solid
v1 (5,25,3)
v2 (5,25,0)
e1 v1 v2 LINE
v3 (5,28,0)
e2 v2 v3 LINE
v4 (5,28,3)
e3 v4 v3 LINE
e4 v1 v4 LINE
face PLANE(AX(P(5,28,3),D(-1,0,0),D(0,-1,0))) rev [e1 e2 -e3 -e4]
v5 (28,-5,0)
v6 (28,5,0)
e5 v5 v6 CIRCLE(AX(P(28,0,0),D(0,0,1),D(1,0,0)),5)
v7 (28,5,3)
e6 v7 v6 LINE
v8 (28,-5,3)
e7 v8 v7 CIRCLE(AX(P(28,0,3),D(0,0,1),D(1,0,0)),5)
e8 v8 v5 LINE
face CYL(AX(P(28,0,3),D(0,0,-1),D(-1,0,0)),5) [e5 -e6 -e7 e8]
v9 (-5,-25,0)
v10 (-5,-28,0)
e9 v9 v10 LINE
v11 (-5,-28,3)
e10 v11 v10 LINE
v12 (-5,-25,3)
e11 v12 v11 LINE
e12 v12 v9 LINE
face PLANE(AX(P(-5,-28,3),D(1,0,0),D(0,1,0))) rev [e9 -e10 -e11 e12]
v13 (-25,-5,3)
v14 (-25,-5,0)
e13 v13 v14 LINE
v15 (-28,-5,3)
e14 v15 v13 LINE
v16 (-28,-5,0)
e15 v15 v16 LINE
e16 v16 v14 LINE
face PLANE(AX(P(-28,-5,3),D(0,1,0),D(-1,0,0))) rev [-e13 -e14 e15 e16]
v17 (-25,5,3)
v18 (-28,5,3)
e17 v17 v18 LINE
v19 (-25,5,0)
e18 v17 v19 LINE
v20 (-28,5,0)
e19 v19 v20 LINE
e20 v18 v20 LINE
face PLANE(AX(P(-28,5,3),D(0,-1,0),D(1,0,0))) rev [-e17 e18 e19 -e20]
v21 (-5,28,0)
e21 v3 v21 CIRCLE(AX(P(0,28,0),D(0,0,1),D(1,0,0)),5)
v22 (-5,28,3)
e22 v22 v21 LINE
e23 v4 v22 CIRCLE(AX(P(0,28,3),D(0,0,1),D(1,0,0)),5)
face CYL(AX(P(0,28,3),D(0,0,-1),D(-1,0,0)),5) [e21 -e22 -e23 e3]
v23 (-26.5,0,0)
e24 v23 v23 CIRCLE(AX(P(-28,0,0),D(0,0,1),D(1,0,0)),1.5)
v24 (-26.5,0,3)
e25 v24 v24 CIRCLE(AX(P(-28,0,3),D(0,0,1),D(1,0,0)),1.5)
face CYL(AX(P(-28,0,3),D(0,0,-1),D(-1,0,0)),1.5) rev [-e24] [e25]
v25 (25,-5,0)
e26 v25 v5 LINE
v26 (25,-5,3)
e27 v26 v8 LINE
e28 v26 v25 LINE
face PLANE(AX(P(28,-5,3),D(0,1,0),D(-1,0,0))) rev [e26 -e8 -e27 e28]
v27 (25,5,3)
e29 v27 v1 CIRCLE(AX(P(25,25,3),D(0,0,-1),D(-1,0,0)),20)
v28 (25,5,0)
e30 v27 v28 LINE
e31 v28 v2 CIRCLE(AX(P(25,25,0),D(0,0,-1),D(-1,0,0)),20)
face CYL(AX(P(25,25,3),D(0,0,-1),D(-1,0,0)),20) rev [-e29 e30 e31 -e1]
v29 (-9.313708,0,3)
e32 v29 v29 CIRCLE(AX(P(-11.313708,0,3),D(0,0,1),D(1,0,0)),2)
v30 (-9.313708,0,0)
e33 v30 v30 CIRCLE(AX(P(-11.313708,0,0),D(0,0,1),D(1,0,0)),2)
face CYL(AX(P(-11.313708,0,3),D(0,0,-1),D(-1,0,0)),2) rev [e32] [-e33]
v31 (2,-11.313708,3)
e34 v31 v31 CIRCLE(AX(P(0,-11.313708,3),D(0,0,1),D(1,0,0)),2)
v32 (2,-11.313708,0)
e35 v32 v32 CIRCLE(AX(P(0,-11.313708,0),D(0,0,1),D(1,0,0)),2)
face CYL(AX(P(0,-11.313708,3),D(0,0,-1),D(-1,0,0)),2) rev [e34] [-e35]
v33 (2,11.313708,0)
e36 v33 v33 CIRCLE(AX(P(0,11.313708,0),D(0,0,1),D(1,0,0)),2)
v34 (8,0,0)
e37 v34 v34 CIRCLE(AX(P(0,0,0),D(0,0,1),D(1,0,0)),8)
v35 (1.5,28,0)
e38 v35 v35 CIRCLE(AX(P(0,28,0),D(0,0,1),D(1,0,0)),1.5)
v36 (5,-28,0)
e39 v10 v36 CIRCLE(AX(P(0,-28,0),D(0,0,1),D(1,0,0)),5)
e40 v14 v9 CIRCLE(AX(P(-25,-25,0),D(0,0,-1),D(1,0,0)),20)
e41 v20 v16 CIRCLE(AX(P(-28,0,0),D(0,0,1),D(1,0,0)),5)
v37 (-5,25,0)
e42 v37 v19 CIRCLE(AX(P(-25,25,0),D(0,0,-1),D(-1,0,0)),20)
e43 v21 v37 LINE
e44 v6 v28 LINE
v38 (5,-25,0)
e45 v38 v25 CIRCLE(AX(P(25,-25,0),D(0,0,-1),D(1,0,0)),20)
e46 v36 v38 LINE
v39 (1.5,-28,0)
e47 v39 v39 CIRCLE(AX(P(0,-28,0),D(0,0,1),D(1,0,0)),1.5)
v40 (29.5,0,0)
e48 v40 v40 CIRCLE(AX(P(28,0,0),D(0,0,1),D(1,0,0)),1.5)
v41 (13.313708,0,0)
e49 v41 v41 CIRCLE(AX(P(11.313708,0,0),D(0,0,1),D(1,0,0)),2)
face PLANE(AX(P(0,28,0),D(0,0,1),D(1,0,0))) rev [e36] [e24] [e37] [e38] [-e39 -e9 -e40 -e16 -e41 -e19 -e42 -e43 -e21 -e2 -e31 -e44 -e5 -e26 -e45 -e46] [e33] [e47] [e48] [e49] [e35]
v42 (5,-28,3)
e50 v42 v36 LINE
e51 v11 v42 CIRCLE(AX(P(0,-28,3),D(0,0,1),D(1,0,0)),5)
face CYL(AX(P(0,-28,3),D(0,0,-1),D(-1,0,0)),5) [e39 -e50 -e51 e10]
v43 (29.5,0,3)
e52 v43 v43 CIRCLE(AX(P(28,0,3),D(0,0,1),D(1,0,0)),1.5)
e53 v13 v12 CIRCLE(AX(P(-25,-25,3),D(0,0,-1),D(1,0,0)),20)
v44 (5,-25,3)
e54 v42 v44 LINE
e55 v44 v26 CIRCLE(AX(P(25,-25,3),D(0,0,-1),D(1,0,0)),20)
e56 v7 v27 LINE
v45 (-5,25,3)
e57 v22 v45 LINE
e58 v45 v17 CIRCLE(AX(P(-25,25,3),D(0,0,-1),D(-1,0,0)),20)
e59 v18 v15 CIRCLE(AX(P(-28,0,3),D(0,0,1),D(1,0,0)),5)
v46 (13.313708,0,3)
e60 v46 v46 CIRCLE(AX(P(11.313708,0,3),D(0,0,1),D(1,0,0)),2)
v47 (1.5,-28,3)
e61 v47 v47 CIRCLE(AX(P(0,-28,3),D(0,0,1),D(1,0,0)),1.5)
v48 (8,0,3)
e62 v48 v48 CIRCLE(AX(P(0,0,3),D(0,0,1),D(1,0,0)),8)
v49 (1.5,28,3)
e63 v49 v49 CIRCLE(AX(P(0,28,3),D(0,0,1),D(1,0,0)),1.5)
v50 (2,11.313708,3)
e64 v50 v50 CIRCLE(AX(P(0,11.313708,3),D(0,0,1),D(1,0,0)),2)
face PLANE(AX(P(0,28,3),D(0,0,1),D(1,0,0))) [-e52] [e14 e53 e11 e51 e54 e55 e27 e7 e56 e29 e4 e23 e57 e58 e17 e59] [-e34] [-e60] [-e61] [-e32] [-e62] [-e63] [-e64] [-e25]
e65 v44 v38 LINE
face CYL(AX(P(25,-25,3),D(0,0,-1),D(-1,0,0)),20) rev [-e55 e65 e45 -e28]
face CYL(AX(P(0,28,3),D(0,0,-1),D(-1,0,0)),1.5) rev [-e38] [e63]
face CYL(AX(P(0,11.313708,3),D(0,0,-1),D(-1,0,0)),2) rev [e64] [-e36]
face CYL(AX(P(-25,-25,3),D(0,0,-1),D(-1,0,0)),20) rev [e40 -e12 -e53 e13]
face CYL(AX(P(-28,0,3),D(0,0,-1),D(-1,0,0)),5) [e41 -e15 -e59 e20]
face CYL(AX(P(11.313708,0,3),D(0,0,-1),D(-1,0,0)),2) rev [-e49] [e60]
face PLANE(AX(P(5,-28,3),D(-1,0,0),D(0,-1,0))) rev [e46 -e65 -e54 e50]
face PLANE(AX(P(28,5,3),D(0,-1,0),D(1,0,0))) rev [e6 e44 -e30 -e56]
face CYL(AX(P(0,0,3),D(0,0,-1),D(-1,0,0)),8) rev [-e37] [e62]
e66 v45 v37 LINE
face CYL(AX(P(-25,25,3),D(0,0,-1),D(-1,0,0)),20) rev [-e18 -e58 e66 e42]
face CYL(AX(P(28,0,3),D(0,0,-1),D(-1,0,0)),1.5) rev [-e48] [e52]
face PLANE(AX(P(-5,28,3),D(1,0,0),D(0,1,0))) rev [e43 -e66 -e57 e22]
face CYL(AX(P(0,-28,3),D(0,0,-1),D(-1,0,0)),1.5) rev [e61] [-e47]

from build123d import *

# Parameters (mm, degrees)
SKETCH1_R           = 1.5
SKETCH1_R_2         = 2
SKETCH1_R_3         = 8
BOSS_EXTRUDE1_DEPTH = 3


with BuildPart() as part:
    # Sketch1 → Boss-Extrude1 (new body)
    with BuildSketch(Plane.XY):
        with BuildLine():
            Line((5, 28), (5, 25))
            ThreePointArc((5, 25), (10.857864376, 10.857864376), (25, 5))
            Line((25, 5), (28, 5))
            ThreePointArc((28, 5), (33, 0), (28, -5))
            Line((28, -5), (25, -5))
            ThreePointArc((25, -5), (10.857864376, -10.857864376), (5, -25))
            Line((5, -25), (5, -28))
            ThreePointArc((5, -28), (0, -33), (-5, -28))
            Line((-5, -28), (-5, -25))
            ThreePointArc((-5, -25), (-10.857864376, -10.857864376), (-25, -5))
            Line((-25, -5), (-28, -5))
            ThreePointArc((-28, -5), (-33, 0), (-28, 5))
            Line((-28, 5), (-25, 5))
            ThreePointArc((-25, 5), (-10.857864376, 10.857864376), (-5, 25))
            Line((-5, 25), (-5, 28))
            ThreePointArc((-5, 28), (0, 33), (5, 28))
        make_face()
        with Locations((0, 28)):
            Circle(SKETCH1_R, mode=Mode.SUBTRACT)
        with Locations((28, 0)):
            Circle(SKETCH1_R, mode=Mode.SUBTRACT)
        with Locations((0, -28)):
            Circle(SKETCH1_R, mode=Mode.SUBTRACT)
        with Locations((-28, 0)):
            Circle(SKETCH1_R, mode=Mode.SUBTRACT)
        with Locations((0, -11.313708499)):
            Circle(SKETCH1_R_2, mode=Mode.SUBTRACT)
        with Locations((-11.313708499, 0)):
            Circle(SKETCH1_R_2, mode=Mode.SUBTRACT)
        with Locations((0, 11.313708499)):
            Circle(SKETCH1_R_2, mode=Mode.SUBTRACT)
        with Locations((11.313708499, 0)):
            Circle(SKETCH1_R_2, mode=Mode.SUBTRACT)
        Circle(SKETCH1_R_3, mode=Mode.SUBTRACT)
    extrude(amount=BOSS_EXTRUDE1_DEPTH)


solid = part.part
